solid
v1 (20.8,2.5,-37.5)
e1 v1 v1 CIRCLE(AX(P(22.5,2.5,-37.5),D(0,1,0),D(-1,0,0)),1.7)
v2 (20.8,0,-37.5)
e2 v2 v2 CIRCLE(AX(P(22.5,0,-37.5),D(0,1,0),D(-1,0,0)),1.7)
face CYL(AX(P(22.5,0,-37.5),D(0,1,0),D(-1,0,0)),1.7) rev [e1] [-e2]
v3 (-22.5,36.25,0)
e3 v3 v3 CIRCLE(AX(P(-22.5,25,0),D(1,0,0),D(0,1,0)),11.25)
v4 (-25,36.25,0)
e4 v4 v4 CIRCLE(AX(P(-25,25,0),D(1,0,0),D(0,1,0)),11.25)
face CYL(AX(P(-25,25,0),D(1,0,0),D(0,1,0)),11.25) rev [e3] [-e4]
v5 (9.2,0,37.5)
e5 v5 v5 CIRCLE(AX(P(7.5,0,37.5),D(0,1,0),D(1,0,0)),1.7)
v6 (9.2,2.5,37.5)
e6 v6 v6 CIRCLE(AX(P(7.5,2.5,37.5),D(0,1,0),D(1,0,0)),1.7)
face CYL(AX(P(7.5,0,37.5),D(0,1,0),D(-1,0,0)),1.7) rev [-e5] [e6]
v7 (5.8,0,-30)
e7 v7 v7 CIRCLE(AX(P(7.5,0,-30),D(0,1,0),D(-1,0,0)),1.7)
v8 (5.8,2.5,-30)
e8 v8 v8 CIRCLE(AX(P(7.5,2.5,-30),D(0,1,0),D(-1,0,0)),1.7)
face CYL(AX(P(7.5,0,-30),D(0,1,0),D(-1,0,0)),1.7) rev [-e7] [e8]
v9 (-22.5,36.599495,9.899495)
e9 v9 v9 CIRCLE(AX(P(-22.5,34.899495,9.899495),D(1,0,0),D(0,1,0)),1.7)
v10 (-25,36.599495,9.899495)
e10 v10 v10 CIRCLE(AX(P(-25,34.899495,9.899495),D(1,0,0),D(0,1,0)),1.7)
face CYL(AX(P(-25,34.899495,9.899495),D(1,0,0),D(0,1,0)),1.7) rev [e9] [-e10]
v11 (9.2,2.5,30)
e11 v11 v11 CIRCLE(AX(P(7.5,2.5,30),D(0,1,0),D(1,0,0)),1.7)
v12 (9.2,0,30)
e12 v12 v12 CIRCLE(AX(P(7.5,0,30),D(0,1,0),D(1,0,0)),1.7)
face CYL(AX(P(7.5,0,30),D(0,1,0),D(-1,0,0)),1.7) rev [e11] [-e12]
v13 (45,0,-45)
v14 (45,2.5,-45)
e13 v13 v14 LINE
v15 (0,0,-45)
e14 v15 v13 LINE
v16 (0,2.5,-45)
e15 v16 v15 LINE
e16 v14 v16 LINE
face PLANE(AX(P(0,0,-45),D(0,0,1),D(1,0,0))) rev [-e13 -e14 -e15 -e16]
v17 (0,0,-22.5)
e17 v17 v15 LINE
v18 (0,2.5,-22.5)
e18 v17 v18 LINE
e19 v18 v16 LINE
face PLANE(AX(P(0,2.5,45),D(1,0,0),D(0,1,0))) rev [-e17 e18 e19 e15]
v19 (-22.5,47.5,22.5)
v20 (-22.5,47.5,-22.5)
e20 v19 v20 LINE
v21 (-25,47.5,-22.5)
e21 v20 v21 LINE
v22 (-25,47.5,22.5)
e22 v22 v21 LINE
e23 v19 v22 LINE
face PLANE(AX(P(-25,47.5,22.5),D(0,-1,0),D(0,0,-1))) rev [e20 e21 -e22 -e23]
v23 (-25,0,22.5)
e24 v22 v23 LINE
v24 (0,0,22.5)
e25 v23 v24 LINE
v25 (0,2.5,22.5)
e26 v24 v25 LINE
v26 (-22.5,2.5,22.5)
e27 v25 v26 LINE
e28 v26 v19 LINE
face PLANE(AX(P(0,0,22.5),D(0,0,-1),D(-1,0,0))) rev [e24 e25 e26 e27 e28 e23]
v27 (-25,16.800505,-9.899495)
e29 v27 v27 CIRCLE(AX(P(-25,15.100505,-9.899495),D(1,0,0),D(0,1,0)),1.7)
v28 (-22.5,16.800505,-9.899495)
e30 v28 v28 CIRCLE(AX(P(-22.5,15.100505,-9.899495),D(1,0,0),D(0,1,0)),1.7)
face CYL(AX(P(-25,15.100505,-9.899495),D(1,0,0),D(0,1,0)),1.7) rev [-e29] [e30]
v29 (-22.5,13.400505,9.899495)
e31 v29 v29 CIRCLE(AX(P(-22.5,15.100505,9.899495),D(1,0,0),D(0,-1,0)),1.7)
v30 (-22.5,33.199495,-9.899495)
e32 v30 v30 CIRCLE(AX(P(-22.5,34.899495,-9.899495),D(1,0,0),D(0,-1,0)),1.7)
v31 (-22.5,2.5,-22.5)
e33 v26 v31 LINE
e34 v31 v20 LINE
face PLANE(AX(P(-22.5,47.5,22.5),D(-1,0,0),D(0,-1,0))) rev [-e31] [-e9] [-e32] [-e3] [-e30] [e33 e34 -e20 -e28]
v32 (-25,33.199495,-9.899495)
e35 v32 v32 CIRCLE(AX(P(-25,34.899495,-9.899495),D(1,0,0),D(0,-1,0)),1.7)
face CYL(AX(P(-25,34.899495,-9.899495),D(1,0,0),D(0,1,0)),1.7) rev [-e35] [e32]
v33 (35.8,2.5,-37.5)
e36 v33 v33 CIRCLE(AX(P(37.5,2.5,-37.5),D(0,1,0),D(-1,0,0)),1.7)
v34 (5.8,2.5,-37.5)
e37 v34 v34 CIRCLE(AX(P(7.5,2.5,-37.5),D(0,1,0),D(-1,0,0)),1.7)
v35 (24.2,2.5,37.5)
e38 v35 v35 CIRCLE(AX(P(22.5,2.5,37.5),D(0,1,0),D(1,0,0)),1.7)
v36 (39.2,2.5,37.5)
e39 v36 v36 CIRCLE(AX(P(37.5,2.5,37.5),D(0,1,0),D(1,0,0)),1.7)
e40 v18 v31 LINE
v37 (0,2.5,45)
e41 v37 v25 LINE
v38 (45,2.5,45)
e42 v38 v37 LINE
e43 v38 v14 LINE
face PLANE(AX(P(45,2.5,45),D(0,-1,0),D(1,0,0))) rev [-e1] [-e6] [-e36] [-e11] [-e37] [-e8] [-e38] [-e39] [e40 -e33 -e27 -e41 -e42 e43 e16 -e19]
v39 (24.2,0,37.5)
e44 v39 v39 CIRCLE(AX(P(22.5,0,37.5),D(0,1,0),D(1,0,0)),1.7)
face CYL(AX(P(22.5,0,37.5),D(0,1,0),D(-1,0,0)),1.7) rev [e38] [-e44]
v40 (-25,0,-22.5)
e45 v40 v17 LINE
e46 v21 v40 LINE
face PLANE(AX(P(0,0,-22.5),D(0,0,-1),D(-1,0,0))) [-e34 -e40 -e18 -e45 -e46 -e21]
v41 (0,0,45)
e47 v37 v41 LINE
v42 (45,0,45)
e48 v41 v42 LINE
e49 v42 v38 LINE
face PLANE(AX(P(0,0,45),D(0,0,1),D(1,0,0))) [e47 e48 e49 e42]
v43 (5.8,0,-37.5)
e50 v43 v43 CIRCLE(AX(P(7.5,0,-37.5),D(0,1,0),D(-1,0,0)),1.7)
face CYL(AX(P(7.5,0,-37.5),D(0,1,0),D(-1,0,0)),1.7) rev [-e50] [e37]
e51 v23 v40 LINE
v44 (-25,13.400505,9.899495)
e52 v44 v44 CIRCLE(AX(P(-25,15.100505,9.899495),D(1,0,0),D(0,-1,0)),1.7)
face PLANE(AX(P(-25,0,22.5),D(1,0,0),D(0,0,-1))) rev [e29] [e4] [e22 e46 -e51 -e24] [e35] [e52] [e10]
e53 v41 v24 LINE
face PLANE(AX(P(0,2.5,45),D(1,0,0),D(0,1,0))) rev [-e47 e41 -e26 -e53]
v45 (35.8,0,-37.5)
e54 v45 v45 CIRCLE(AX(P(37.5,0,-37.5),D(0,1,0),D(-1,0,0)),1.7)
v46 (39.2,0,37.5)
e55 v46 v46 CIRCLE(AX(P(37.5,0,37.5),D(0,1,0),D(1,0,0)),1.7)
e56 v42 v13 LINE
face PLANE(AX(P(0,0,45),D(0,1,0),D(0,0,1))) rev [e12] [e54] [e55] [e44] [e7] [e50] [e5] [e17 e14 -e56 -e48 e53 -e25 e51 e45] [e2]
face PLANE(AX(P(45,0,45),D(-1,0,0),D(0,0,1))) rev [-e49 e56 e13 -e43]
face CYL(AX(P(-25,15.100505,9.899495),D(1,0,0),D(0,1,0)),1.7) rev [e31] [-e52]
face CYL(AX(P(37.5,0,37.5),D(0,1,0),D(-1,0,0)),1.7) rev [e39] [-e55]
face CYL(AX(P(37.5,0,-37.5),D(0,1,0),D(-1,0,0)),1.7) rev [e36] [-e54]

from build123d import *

# Parameters (mm, degrees)
SKIZZE1_W                       = 45
SKIZZE1_H                       = 2.5
AUFSATZ_LINEAR_AUSTRAGEN1_DEPTH = 45
AUFSATZ_LINEAR_AUSTRAGEN2_DEPTH = 22.5
SKIZZE3_R                       = 11.25
SCHNITT_LINEAR_AUSTRAGEN1_DEPTH = 95.007978385
SKIZZE4_R                       = 1.7
SCHNITT_LINEAR_AUSTRAGEN2_DEPTH = 95.007978385
SKIZZE5_R                       = 1.7
SCHNITT_LINEAR_AUSTRAGEN3_DEPTH = 78.942286341


with BuildPart() as part:
    # Skizze1 → Aufsatz-Linear austragen1 (new, symmetric)
    with BuildSketch(Plane.XY):
        with Locations((22.5, 1.25)):
            Rectangle(SKIZZE1_W, SKIZZE1_H)
    extrude(amount=AUFSATZ_LINEAR_AUSTRAGEN1_DEPTH, both=True)

    # Skizze2 → Aufsatz-Linear austragen2 (add, symmetric)
    with BuildSketch(Plane.XY):
        Polygon((0, 0), (-25, 0), (-25, 47.5), (-22.5, 47.5), (-22.5, 2.5), (0, 2.5), align=None)
    extrude(amount=AUFSATZ_LINEAR_AUSTRAGEN2_DEPTH, both=True)

    # Skizze3 → Schnitt-Linear austragen1 (cut, through all)
    with BuildSketch(Plane(origin=(-22.5, 0, 0), x_dir=(0, 0, -1), z_dir=(1, 0, 0))):
        with Locations(Location((0, 25, 0), (0, 0, 90))):
            Circle(SKIZZE3_R)
    extrude(amount=-SCHNITT_LINEAR_AUSTRAGEN1_DEPTH, mode=Mode.SUBTRACT)

    # Skizze4 → Schnitt-Linear austragen2 (cut, through all)
    with BuildSketch(Plane(origin=(-22.5, 0, 0), x_dir=(0, 0, -1), z_dir=(1, 0, 0))):
        with Locations(Location((-9.899494937, 34.899494937, 0), (0, 0, 90))):
            Circle(SKIZZE4_R)
        with Locations(Location((9.899494937, 34.899494937, 0), (0, 0, 270))):
            Circle(SKIZZE4_R)
        with Locations(Location((-9.899494937, 15.100505063, 0), (0, 0, 270))):
            Circle(SKIZZE4_R)
        with Locations(Location((9.899494937, 15.100505063, 0), (0, 0, 90))):
            Circle(SKIZZE4_R)
    extrude(amount=-SCHNITT_LINEAR_AUSTRAGEN2_DEPTH, mode=Mode.SUBTRACT)

    # Skizze5 → Schnitt-Linear austragen3 (cut, through all)
    with BuildSketch(Plane(origin=(0, 2.5, 0), x_dir=(1, 0, 0), z_dir=(0, 1, 0))):
        with Locations(Location((7.5, 37.5, 0), (0, 0, 180))):
            Circle(SKIZZE5_R)
        with Locations(Location((7.5, 30, 0), (0, 0, 180))):
            Circle(SKIZZE5_R)
        with Locations(Location((22.5, 37.5, 0), (0, 0, 180))):
            Circle(SKIZZE5_R)
        with Locations(Location((37.5, 37.5, 0), (0, 0, 180))):
            Circle(SKIZZE5_R)
        with Locations((7.5, -30)):
            Circle(SKIZZE5_R)
        with Locations((37.5, -37.5)):
            Circle(SKIZZE5_R)
        with Locations((22.5, -37.5)):
            Circle(SKIZZE5_R)
        with Locations((7.5, -37.5)):
            Circle(SKIZZE5_R)
    extrude(amount=-SCHNITT_LINEAR_AUSTRAGEN3_DEPTH, mode=Mode.SUBTRACT)


solid = part.part
